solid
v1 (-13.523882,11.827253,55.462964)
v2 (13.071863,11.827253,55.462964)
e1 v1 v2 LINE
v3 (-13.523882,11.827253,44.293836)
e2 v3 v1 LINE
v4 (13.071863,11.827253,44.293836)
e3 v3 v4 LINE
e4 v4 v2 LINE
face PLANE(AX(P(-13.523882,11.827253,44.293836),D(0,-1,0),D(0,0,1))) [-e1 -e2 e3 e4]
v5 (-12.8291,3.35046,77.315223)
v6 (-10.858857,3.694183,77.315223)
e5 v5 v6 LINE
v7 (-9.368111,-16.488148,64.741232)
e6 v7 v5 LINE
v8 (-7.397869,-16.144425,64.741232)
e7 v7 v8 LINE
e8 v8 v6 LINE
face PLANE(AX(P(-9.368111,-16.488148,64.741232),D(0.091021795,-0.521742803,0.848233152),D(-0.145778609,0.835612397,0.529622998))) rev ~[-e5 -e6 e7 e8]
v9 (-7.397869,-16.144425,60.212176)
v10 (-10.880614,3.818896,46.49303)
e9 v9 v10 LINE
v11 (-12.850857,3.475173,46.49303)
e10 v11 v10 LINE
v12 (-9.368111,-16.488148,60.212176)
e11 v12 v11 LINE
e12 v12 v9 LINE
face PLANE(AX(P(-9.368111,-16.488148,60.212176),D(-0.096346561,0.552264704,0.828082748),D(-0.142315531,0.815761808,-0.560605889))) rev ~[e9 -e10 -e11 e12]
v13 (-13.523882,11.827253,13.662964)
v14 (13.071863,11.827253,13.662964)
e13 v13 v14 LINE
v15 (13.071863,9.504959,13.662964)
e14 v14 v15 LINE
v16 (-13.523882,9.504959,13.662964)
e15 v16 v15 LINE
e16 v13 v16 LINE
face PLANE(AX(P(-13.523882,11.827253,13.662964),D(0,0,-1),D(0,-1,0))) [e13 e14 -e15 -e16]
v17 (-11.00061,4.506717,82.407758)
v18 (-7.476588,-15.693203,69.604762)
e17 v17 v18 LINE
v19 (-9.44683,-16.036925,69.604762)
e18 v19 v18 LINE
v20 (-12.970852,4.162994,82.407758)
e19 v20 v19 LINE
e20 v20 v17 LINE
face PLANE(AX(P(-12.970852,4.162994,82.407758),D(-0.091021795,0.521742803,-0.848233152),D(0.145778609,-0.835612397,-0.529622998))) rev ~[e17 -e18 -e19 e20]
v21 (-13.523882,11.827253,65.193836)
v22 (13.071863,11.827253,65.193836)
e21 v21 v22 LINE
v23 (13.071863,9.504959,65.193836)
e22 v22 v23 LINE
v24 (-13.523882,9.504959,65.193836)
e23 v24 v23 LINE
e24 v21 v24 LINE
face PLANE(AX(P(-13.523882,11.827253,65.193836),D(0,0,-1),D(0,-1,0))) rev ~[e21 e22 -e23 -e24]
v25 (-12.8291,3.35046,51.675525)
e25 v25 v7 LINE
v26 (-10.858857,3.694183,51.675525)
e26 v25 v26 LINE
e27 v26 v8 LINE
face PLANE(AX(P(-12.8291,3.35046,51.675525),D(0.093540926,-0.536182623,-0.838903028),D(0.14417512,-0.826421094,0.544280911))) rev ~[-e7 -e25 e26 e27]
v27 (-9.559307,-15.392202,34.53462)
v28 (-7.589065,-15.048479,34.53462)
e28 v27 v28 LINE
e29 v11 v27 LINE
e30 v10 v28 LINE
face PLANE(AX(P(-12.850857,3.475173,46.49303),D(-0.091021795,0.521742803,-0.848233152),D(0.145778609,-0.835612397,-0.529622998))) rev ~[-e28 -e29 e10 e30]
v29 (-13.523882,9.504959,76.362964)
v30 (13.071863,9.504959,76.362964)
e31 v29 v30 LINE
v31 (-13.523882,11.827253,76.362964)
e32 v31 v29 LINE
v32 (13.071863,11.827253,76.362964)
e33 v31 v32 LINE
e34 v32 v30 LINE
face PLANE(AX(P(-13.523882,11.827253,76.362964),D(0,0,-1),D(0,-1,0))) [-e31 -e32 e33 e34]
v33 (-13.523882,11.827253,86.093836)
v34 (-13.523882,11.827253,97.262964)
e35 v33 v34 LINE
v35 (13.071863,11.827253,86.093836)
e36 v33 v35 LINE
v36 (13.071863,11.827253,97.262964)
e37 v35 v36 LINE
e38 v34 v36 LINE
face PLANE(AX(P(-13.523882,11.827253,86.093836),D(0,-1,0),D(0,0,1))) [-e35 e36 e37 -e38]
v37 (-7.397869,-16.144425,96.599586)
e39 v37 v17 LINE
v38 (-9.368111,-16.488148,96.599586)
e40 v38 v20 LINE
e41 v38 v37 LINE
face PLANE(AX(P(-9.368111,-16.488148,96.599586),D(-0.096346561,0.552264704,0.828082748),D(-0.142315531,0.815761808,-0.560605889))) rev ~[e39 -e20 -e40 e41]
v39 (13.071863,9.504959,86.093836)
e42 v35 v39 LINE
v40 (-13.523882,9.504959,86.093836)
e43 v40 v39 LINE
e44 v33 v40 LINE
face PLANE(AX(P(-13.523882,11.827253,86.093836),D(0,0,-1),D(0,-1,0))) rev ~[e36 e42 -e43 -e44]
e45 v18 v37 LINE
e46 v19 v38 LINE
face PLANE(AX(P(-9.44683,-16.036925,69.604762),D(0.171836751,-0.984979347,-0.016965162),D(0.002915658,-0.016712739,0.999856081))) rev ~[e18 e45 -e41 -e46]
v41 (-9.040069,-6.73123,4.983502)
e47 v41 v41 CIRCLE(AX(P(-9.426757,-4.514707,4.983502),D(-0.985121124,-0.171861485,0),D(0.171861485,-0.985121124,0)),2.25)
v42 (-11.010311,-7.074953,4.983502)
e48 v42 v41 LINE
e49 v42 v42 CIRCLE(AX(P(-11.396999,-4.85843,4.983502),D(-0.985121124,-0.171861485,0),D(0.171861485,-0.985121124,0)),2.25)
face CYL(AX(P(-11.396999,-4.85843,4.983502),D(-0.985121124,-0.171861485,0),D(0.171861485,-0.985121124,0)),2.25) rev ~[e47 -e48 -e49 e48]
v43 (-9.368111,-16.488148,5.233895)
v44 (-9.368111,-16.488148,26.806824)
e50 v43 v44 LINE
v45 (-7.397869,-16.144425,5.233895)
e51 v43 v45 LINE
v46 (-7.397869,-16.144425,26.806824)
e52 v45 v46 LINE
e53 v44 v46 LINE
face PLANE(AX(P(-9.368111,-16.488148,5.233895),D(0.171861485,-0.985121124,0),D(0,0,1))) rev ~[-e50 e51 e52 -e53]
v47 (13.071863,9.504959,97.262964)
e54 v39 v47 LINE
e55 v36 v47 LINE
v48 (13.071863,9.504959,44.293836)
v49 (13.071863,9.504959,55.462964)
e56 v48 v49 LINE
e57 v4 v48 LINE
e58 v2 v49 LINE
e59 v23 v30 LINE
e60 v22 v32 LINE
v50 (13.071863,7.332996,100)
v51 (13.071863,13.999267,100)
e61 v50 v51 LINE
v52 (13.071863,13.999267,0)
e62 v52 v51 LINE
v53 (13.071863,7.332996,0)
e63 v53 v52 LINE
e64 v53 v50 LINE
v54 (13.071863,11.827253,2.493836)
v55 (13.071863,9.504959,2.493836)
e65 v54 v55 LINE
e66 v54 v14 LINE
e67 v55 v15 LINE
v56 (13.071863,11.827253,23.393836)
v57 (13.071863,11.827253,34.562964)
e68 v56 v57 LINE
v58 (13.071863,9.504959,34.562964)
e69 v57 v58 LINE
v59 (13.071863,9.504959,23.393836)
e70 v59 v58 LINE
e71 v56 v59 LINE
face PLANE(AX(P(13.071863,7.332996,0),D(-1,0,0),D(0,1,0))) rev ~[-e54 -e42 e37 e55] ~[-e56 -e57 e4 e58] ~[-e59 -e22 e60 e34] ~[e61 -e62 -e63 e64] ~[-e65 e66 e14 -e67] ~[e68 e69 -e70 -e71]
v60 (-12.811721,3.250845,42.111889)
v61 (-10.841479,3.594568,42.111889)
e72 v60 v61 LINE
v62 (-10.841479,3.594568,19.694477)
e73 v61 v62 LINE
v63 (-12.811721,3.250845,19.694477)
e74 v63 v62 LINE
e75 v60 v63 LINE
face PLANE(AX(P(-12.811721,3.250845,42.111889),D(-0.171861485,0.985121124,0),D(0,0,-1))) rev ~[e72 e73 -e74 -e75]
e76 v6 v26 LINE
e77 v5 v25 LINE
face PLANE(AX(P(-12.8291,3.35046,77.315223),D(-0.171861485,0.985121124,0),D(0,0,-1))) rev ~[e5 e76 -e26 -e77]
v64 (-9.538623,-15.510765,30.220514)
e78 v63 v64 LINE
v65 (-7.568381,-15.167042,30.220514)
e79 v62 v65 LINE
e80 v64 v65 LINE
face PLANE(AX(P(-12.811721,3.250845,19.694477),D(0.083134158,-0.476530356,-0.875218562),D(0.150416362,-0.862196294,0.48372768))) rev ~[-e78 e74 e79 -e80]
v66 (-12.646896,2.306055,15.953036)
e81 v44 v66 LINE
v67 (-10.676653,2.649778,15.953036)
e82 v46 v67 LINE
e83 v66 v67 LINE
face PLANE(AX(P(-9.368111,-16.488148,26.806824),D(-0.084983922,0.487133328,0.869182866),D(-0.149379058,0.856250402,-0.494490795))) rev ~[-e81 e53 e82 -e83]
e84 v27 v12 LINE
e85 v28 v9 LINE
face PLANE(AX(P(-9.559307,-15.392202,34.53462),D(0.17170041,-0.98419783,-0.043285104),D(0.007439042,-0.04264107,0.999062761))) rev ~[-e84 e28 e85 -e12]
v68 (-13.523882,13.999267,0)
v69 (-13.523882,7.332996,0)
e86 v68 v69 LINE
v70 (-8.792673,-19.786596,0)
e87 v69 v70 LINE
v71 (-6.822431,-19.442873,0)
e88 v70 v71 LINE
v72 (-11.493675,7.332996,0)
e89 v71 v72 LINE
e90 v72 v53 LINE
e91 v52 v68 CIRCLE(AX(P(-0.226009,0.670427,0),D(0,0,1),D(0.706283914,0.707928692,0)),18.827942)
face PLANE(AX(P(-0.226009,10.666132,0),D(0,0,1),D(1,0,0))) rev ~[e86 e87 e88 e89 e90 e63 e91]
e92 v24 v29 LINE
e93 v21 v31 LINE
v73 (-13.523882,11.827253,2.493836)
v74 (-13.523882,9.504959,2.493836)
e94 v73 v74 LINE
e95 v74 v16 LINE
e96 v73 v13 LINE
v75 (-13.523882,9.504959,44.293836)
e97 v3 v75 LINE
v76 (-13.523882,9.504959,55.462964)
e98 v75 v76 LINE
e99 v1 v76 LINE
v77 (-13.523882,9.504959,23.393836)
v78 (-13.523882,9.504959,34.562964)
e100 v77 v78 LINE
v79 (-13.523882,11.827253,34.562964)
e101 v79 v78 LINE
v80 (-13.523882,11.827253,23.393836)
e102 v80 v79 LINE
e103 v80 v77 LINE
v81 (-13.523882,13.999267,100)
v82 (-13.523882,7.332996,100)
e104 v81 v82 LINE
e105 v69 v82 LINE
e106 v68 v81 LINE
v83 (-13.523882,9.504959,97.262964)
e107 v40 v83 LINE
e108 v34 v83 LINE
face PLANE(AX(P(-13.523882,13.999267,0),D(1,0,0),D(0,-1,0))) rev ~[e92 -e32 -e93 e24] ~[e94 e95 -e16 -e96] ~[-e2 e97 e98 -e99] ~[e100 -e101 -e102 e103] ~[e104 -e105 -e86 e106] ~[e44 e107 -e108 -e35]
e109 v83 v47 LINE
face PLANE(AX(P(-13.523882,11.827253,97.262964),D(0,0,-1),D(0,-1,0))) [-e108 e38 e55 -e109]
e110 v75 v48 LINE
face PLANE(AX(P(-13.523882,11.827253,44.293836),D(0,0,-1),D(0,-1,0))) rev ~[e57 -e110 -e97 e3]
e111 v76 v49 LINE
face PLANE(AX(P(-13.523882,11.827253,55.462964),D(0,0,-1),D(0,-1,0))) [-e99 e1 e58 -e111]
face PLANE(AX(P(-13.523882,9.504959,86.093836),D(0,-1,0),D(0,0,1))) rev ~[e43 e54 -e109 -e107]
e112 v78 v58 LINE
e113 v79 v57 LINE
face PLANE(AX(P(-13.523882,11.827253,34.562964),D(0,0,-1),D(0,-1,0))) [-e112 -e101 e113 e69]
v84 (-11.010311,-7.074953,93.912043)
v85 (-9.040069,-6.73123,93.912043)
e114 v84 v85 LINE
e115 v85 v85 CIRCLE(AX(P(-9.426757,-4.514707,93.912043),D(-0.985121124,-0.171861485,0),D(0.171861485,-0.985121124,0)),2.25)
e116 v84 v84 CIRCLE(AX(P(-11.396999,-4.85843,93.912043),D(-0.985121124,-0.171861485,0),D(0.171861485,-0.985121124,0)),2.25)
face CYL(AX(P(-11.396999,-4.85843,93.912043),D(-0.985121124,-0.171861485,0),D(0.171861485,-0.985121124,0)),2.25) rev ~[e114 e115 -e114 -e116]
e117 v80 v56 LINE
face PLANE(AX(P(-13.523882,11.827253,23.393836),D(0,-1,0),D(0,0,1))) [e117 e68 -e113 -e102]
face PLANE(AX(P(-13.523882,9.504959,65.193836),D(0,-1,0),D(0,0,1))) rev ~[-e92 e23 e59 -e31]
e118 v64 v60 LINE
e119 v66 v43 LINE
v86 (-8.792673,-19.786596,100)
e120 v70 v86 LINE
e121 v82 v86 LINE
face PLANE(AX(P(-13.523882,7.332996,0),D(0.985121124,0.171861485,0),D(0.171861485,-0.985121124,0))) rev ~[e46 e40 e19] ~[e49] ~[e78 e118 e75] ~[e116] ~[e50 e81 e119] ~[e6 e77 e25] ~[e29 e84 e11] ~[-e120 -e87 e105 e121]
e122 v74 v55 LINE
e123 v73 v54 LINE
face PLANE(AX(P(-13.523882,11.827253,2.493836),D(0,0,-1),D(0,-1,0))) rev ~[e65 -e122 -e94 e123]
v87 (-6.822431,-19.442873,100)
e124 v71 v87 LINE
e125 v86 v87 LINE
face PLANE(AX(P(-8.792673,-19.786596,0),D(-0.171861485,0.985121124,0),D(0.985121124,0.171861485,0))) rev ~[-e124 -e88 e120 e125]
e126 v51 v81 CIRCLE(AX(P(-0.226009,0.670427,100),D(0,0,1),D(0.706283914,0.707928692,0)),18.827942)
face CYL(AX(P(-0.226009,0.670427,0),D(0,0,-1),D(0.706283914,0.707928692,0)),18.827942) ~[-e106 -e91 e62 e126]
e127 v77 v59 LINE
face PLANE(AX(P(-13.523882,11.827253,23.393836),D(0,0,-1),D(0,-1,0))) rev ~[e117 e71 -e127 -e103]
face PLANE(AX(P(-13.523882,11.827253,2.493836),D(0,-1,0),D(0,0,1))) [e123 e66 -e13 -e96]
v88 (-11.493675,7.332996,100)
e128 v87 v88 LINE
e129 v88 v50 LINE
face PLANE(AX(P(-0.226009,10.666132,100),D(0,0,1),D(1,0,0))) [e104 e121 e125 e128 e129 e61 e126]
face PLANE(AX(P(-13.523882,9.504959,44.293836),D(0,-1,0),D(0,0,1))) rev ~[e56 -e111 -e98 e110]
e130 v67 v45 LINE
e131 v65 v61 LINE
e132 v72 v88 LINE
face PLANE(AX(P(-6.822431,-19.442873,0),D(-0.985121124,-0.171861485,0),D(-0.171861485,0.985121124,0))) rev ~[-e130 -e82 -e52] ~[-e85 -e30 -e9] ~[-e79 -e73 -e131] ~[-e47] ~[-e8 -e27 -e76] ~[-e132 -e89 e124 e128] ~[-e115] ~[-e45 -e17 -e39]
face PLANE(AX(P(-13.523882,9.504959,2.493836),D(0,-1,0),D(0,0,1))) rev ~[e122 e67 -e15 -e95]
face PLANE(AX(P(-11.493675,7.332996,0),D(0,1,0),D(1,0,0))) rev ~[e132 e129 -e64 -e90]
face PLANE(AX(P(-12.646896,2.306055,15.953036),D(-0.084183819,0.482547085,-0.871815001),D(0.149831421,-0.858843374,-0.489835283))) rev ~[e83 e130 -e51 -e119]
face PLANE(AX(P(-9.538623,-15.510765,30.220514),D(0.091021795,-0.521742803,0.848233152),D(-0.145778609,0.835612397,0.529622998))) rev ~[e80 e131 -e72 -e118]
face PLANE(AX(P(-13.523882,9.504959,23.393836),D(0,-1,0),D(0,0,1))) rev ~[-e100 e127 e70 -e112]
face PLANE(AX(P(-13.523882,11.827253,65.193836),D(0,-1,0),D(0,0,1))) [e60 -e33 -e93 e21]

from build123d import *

# Parameters (mm, degrees)
F1_DEPTH = 100
F2_W     = 2.322293818
F2_H     = 11.1691281199
F3_DEPTH = 26.5967446956
F4_R     = 2.25
F5_DEPTH = 5


with BuildPart() as f1:
    # F0 (on Top) → F1 (new body)
    with BuildSketch(Plane.XY):
        Polygon((13.0718629807, 13.9992671447), (-13.5238817149, 13.9992671447), (-13.5238817149, 7.3329959996), (-11.4936745146, 7.3329959996), (13.0718629807, 7.3329959996), align=None)
        with BuildLine():
            ThreePointArc((13.0718629807, 13.9992671447), (-0.2260093671, 19.4983686983), (-13.5238817149, 13.9992671447))
            Line((-13.5238817149, 13.9992671447), (13.0718629807, 13.9992671447))
        make_face()
        Polygon((-11.4936745146, 7.3329959996), (-13.5238817149, 7.3329959996), (-8.7926732376, -19.7865962982), (-6.8224309887, -19.4428733275), align=None)
    extrude(amount=F1_DEPTH)

    # F2 (on face) → F3 (cut, through all)
    with BuildSketch(Plane(origin=(-13.5238817149, 0, 0), x_dir=(0, -1, 0), z_dir=(-1, 0, 0))):
        with Locations((-10.6661058962, 91.6783995926)):
            Rectangle(F2_W, F2_H)
        with Locations((-10.6661058962, 70.7783995926)):
            Rectangle(F2_W, F2_H)
        with Locations((-10.6661058962, 49.8783995926)):
            Rectangle(F2_W, F2_H)
        with Locations((-10.6661058962, 28.9783995926)):
            Rectangle(F2_W, F2_H)
        with Locations((-10.6661058962, 8.0783995926)):
            Rectangle(F2_W, F2_H)
    extrude(amount=-F3_DEPTH, mode=Mode.SUBTRACT)

    # F4 (on face) → F5 (cut)
    with BuildSketch(Plane(origin=(-11.8829269994, -2.073062321, 0), x_dir=(0.1718614854, -0.9851211245, 0), z_dir=(-0.9851211245, -0.1718614854, 0))):
        with Locations((2.8274371289, 93.9120426774)):
            Circle(F4_R)
        with Locations((2.8274371289, 4.9835015088)):
            Circle(F4_R)
        Polygon((14.1747677699, 69.6047618985), (14.6328052506, 96.599586308), (-6.3302433118, 82.4077576399), align=None)
        Polygon((-5.5054374928, 51.6755245626), (14.6328052506, 64.7412315011), (-5.5054374928, 77.3152230515), align=None)
        Polygon((13.5203069012, 34.5346203232), (14.6328052506, 60.2121762931), (-5.6320335211, 46.4930304839), align=None)
        Polygon((-5.4043177298, 19.6944773197), (13.6406598613, 30.2205141634), (-5.4043177298, 42.1118887167), align=None)
        Polygon((14.6328052506, 5.2338945679), (14.6328052506, 26.8068239093), (-4.4452575967, 15.9530360252), align=None)
    extrude(amount=-F5_DEPTH, mode=Mode.SUBTRACT)


solid = f1.part
